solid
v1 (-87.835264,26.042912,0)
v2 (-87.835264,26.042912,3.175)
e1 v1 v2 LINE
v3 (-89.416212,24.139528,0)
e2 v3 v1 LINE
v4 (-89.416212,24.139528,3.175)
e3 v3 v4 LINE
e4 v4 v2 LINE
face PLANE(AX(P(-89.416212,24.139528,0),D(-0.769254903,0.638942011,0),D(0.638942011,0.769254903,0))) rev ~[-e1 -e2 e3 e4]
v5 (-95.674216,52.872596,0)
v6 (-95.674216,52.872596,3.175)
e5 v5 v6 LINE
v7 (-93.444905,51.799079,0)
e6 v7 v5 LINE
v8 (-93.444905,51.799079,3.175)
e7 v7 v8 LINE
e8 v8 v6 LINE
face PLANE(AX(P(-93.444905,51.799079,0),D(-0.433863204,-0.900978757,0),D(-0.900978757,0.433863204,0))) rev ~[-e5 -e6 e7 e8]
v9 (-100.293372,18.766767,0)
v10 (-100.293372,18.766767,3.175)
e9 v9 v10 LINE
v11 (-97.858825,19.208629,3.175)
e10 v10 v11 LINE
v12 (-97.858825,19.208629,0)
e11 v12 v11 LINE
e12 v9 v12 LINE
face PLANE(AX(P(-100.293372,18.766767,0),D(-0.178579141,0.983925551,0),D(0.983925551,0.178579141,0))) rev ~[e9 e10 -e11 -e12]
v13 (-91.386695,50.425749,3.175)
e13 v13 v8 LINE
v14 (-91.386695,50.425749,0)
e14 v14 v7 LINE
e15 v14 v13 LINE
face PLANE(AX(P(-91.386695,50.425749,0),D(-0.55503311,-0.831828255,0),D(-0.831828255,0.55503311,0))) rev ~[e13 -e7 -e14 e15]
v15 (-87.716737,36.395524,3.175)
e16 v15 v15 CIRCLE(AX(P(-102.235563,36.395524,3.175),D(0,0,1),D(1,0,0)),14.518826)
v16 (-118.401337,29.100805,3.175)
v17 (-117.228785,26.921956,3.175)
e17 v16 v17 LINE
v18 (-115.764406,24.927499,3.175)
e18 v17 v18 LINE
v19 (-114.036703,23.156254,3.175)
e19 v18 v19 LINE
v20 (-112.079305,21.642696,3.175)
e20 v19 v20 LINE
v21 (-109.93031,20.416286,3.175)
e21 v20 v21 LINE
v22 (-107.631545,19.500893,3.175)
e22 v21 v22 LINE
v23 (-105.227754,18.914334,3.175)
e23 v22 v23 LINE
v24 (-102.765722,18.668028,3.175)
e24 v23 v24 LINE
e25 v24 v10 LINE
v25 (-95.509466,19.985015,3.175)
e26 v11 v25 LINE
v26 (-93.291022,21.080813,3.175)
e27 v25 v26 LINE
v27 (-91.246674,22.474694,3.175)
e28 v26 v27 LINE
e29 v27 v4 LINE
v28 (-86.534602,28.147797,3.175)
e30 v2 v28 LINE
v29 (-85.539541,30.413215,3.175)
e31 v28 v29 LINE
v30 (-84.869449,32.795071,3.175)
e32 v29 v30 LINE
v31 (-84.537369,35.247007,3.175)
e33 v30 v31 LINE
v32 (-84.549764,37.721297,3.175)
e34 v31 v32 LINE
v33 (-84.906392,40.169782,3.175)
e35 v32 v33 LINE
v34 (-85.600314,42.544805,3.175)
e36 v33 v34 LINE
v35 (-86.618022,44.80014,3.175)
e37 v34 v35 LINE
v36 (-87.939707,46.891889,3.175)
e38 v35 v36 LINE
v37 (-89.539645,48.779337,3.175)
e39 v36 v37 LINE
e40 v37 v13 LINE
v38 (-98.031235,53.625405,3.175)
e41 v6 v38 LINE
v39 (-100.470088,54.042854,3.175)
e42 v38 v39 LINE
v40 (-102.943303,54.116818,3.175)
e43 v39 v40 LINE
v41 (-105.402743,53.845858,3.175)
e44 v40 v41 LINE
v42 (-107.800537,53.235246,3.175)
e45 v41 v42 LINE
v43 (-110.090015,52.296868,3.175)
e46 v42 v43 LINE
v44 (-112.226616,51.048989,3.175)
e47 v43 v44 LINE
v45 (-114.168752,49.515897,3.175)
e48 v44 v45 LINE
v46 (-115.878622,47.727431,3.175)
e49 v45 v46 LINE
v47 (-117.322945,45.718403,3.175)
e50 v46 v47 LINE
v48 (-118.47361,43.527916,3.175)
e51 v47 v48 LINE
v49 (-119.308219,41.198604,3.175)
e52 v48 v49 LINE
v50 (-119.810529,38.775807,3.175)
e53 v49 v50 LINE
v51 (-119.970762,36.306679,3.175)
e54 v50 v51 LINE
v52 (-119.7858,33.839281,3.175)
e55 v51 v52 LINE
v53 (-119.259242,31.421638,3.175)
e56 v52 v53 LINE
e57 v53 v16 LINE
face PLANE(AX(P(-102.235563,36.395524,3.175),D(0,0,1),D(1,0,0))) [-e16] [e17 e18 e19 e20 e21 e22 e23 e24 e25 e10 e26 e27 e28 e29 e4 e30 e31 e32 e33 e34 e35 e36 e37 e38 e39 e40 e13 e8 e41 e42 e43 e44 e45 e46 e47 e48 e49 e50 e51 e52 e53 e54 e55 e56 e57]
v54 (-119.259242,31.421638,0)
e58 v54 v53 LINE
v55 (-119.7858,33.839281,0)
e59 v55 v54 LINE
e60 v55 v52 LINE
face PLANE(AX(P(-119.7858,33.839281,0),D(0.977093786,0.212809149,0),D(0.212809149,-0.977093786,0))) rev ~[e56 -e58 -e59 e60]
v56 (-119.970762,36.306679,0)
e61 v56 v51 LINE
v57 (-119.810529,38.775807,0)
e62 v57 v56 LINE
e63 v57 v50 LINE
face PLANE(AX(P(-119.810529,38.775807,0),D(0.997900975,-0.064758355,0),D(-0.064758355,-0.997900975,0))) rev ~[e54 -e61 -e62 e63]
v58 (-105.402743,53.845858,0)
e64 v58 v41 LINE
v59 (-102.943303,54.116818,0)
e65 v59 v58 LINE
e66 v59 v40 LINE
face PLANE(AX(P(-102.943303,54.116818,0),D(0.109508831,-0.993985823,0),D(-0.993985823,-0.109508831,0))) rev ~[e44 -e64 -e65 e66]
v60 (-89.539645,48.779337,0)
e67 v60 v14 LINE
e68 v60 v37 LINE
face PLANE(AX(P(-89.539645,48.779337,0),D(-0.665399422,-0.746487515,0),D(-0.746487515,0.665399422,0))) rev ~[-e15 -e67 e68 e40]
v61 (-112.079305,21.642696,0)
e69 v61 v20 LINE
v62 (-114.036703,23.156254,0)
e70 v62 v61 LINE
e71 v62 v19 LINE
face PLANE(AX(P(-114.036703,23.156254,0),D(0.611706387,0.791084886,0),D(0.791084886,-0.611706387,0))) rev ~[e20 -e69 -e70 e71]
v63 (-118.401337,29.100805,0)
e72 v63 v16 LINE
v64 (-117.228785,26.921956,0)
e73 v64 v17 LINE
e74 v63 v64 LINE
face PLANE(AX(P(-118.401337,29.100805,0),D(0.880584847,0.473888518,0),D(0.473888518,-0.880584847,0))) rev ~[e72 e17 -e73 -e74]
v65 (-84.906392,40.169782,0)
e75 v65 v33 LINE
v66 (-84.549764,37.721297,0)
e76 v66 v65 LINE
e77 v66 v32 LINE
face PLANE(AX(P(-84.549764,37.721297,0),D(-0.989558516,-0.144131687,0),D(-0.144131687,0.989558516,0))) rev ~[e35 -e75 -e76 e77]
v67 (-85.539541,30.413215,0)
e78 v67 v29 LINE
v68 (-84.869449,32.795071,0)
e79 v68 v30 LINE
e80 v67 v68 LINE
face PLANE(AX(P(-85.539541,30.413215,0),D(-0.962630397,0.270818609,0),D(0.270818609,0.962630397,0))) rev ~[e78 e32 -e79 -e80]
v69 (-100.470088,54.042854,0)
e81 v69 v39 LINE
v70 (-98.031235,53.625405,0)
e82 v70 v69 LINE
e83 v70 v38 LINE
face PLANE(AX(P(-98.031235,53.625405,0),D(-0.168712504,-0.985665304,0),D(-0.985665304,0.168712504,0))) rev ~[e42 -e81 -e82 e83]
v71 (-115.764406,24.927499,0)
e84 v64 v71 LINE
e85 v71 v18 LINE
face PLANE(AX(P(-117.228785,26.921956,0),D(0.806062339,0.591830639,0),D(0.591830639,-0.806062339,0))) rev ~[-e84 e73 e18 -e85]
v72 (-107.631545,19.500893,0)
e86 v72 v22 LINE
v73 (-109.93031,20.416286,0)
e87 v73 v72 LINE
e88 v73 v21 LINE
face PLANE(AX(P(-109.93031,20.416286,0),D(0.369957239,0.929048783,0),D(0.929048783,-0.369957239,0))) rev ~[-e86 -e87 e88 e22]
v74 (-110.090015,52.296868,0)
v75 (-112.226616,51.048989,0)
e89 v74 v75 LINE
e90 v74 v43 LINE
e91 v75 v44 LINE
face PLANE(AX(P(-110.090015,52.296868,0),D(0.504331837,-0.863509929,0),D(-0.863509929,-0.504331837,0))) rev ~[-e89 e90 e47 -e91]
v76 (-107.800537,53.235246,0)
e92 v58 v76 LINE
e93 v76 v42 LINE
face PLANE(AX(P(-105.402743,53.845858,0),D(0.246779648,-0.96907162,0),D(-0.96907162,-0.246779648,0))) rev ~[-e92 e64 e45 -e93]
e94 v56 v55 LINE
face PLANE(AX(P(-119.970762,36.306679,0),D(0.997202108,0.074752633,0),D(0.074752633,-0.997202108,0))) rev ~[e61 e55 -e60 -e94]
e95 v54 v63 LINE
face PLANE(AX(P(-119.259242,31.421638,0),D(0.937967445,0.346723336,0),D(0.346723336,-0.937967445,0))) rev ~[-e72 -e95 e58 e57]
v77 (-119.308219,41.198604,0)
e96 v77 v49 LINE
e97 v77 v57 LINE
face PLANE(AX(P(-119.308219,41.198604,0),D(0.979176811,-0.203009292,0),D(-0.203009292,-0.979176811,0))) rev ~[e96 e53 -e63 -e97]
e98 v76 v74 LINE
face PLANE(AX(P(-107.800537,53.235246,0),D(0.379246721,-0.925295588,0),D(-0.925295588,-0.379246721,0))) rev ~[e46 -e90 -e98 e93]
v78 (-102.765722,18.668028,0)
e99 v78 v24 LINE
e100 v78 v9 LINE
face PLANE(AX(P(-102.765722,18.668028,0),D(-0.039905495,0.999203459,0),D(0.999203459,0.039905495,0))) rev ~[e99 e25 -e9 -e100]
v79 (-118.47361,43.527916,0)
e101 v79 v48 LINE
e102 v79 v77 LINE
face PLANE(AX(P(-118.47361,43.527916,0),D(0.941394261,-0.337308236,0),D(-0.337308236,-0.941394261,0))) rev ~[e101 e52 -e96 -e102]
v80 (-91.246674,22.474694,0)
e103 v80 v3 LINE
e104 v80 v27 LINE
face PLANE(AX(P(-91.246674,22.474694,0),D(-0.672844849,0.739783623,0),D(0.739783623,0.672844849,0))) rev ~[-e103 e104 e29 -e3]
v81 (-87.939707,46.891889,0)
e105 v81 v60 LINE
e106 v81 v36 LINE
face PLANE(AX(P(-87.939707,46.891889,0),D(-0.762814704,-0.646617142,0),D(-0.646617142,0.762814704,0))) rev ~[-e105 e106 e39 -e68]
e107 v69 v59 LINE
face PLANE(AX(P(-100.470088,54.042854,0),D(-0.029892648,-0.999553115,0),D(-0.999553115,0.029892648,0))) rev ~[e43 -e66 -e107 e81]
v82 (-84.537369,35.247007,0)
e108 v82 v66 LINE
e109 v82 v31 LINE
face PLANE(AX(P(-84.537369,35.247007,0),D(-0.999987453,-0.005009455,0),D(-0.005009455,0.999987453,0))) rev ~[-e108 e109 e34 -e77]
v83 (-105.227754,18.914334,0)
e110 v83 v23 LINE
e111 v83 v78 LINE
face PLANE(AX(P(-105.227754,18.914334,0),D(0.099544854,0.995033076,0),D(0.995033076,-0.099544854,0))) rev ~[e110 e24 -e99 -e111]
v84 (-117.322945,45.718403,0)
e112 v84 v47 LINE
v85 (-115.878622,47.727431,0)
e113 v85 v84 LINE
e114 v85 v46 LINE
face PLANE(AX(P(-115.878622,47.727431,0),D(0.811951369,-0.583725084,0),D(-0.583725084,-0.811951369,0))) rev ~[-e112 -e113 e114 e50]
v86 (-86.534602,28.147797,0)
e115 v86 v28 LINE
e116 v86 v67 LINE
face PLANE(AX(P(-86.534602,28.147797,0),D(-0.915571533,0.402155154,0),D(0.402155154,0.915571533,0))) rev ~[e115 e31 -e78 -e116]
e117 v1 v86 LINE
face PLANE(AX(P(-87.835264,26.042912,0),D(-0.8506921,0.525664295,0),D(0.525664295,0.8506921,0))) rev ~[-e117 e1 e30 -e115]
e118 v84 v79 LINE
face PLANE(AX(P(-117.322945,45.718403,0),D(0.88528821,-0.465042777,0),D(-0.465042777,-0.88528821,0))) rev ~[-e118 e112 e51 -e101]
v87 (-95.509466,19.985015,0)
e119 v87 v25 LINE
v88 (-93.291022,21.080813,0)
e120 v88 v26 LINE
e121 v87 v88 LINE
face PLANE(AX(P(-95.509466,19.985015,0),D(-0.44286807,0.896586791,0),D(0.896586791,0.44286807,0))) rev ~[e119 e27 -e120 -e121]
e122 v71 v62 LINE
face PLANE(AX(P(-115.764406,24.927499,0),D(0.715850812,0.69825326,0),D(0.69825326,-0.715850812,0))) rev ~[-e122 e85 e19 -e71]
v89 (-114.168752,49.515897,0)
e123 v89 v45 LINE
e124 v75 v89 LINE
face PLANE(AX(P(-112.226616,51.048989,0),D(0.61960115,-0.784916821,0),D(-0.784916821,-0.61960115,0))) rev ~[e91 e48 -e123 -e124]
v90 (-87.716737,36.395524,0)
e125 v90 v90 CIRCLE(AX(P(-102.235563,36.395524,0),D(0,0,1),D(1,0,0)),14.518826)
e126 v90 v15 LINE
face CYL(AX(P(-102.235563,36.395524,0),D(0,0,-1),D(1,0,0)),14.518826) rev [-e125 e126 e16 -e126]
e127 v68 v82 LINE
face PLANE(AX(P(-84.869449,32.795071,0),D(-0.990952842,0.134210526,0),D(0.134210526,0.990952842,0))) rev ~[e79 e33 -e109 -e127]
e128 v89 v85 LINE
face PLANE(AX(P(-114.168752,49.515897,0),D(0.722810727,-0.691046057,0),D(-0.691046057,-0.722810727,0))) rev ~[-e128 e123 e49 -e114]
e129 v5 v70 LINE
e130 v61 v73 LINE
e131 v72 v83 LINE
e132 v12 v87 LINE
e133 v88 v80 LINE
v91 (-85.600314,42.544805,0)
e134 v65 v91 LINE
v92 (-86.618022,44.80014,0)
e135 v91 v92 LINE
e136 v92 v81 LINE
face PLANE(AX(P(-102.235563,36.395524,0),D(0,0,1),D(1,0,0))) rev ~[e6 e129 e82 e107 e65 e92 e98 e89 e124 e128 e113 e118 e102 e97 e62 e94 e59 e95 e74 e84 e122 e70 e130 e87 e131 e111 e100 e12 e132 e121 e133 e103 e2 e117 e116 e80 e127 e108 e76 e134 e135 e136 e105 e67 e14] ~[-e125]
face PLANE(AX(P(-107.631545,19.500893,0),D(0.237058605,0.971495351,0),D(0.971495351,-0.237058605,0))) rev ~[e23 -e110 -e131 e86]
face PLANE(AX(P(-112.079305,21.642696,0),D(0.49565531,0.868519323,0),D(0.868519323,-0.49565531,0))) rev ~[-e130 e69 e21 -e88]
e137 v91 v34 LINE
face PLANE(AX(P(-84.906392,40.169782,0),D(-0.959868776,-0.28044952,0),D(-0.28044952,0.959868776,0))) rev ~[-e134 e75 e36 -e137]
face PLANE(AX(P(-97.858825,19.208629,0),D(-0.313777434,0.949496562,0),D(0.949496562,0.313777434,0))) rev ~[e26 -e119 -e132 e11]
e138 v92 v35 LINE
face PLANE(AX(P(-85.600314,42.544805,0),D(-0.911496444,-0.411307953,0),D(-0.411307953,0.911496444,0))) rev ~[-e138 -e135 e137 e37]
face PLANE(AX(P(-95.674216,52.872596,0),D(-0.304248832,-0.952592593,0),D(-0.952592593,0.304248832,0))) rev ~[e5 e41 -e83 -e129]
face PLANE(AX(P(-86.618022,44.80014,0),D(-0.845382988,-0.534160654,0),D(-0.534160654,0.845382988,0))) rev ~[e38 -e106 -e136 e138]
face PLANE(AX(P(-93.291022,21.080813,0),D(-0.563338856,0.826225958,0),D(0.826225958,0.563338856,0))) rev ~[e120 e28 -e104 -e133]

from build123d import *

# Parameters (mm, degrees)
F0_R     = 14.518826
F1_DEPTH = 3.175


with BuildPart() as f1:
    # F0 (on Top) → F1 (new body)
    with BuildSketch(Plane.XY):
        Polygon((-107.631545, 19.500893), (-105.227754, 18.914334), (-102.765722, 18.668028), (-100.293372, 18.766767), (-97.858825, 19.208629), (-95.509466, 19.985015), (-93.291022, 21.080813), (-91.246674, 22.474694), (-89.416212, 24.139528), (-87.835264, 26.042912), (-86.534602, 28.147797), (-85.539541, 30.413215), (-84.869449, 32.795071), (-84.537369, 35.247007), (-84.549764, 37.721297), (-84.906392, 40.169782), (-85.600314, 42.544805), (-86.618022, 44.80014), (-87.939707, 46.891889), (-89.539645, 48.779337), (-91.386695, 50.425749), (-93.444905, 51.799079), (-95.674216, 52.872596), (-98.031235, 53.625405), (-100.470088, 54.042854), (-102.943303, 54.116818), (-105.402743, 53.845858), (-107.800537, 53.235246), (-110.090015, 52.296868), (-112.226616, 51.048989), (-114.168752, 49.515897), (-115.878622, 47.727431), (-117.322945, 45.718403), (-118.47361, 43.527916), (-119.308219, 41.198604), (-119.810529, 38.775807), (-119.970762, 36.306679), (-119.7858, 33.839281), (-119.259242, 31.421638), (-118.401337, 29.100805), (-117.228785, 26.921956), (-115.764406, 24.927499), (-114.036703, 23.156254), (-112.079305, 21.642696), (-109.93031, 20.416286), align=None)
        with Locations((-102.235563, 36.395524)):
            Circle(F0_R, mode=Mode.SUBTRACT)
    extrude(amount=F1_DEPTH)


solid = f1.part
